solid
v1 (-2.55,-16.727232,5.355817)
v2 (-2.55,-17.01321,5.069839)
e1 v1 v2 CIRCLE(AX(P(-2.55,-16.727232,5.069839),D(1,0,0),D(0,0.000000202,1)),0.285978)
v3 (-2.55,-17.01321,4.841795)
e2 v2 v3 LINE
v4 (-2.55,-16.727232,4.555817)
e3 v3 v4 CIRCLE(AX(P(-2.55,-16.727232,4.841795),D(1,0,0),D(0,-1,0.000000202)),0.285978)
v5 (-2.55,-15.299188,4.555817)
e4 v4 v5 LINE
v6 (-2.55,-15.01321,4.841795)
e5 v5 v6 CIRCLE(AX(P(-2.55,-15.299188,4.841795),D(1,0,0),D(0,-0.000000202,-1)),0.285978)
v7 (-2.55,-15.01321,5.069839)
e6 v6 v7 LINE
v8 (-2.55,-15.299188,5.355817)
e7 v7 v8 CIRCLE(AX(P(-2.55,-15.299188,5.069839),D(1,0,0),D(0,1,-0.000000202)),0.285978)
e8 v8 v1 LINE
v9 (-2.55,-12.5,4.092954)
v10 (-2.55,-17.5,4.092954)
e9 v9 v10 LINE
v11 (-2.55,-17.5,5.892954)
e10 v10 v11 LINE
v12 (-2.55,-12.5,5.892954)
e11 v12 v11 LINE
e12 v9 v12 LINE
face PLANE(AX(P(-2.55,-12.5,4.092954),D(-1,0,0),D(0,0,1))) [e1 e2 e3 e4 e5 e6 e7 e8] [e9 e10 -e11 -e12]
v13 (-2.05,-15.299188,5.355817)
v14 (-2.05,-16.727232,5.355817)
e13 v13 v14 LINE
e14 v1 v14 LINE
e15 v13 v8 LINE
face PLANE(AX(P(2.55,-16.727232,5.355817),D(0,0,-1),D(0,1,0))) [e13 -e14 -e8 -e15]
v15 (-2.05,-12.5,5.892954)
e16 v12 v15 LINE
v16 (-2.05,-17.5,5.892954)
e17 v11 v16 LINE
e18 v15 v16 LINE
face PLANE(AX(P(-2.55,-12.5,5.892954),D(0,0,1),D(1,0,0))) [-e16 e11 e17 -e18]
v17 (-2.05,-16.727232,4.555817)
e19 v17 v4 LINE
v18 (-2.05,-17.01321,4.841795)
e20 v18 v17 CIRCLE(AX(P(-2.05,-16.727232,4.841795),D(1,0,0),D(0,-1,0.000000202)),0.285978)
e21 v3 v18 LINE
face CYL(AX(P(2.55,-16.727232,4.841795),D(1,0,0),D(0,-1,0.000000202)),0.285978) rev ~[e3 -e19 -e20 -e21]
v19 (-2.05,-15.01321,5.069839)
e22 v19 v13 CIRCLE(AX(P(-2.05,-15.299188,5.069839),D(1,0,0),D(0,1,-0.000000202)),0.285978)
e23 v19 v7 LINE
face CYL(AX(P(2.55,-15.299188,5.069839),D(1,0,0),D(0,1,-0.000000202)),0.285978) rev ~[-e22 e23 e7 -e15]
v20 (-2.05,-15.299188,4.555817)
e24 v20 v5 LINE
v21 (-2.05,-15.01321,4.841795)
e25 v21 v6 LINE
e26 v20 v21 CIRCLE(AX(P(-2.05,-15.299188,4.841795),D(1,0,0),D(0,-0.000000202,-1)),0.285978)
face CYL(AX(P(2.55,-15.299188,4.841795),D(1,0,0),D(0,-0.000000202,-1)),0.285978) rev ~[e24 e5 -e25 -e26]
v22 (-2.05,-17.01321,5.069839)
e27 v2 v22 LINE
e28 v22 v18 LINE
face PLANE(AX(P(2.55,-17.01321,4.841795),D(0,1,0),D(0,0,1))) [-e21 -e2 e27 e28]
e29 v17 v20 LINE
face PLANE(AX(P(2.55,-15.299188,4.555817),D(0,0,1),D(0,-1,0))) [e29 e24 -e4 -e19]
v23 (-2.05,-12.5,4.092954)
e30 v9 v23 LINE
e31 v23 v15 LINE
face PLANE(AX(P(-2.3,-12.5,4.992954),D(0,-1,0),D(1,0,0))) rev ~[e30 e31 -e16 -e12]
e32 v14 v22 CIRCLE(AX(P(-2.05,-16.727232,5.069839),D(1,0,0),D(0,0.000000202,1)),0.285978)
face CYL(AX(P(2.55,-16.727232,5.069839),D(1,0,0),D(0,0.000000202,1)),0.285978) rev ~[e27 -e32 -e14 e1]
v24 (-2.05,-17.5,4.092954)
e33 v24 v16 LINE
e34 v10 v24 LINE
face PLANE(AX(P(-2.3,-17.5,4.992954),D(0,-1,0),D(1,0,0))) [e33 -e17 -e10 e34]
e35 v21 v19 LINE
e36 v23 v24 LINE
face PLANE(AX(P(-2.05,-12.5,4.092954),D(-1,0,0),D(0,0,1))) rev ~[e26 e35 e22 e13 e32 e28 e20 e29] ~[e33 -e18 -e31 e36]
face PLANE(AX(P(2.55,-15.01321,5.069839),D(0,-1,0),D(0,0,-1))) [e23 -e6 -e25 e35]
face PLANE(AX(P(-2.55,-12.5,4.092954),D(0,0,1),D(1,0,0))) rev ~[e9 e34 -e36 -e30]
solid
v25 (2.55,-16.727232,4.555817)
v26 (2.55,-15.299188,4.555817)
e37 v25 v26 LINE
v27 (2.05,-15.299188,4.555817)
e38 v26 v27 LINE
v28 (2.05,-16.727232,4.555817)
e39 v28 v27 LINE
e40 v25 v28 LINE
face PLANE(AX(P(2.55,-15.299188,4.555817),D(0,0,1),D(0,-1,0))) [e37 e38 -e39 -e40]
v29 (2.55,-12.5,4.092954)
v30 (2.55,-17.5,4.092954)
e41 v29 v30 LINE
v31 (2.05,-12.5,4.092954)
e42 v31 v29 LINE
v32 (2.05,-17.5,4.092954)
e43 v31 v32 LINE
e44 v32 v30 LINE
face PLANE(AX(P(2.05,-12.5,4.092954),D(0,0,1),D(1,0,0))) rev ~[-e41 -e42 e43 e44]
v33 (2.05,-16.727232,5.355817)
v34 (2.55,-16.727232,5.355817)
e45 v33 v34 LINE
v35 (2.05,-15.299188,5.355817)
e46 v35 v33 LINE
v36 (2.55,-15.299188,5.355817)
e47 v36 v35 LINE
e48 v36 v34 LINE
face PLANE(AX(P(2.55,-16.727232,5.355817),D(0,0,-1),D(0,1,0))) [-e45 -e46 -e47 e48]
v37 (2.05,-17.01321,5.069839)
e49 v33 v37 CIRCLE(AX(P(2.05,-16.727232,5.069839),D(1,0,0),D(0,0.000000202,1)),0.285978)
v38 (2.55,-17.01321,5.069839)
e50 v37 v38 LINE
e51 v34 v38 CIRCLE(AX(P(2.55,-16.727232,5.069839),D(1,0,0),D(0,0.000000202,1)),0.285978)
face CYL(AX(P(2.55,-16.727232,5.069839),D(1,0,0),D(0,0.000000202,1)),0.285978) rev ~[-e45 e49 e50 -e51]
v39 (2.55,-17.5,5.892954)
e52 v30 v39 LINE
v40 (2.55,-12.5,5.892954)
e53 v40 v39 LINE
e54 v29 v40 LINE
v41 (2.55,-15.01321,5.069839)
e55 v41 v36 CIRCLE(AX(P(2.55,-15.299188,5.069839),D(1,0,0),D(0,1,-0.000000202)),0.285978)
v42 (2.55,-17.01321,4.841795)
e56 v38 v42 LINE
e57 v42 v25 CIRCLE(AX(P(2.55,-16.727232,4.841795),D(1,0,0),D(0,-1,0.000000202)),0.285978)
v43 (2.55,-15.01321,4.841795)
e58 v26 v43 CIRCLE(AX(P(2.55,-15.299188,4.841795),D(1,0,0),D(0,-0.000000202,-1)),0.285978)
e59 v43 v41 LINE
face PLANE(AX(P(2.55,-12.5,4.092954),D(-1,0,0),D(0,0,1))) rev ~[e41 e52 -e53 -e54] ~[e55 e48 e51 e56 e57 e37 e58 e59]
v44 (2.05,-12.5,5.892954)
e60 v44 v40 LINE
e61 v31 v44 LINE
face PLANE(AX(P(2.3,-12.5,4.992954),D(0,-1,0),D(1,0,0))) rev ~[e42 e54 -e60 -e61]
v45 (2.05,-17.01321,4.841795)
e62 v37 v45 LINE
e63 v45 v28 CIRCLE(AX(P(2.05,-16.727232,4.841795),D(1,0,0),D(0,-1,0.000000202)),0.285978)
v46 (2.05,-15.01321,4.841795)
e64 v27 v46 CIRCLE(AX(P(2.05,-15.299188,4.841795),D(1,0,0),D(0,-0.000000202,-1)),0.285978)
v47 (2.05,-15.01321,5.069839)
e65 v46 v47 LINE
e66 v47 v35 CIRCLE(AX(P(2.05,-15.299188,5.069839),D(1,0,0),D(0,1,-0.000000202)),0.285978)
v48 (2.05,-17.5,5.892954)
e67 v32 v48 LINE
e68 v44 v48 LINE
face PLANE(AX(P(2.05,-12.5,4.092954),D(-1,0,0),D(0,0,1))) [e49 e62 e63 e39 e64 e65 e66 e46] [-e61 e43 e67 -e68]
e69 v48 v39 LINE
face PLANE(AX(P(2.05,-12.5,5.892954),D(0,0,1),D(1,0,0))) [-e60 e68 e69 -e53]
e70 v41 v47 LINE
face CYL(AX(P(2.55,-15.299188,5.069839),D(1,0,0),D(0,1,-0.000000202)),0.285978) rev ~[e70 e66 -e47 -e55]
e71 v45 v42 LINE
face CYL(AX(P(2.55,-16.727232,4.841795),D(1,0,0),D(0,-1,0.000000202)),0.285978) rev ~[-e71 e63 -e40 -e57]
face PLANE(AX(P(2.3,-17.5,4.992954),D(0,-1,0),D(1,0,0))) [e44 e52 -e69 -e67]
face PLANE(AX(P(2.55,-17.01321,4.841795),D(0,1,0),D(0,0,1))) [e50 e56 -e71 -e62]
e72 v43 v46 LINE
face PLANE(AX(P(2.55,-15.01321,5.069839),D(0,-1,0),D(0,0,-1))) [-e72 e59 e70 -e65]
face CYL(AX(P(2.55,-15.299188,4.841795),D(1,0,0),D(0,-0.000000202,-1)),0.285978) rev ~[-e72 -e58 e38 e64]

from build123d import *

# Parameters (mm, degrees)
EXTRUDE007_DEPTH = 10
SKETCH009_W      = 0.5
SKETCH009_H      = 1.8
EXTRUDE006_DEPTH = 5


with BuildPart() as extrude007:
    # Sketch010 (on Face1 of Extrude006) → Extrude007 (new body, symmetric)
    with BuildSketch(Plane.YZ.offset(2.55)):
        with BuildLine():
            Line((-16.727232, 5.355817), (-15.299188, 5.355817))
            ThreePointArc((-15.01321, 5.069839), (-15.096971, 5.272056), (-15.299188, 5.355817))
            Line((-15.01321, 5.069839), (-15.01321, 4.841795))
            ThreePointArc((-15.299188, 4.555817), (-15.096971, 4.639578), (-15.01321, 4.841795))
            Line((-15.299188, 4.555817), (-16.727232, 4.555817))
            ThreePointArc((-17.01321, 4.841795), (-16.929449, 4.639578), (-16.727232, 4.555817))
            Line((-17.01321, 4.841795), (-17.01321, 5.069839))
            ThreePointArc((-16.727232, 5.355817), (-16.929449, 5.272056), (-17.01321, 5.069839))
        make_face()
    extrude(amount=EXTRUDE007_DEPTH, both=True)


with BuildPart() as cut002:
    # Sketch009 (on Face3 of Extrude005) → Extrude006 (new body)
    with BuildSketch(Plane.XZ.offset(12.5)):
        with Locations((-2.3, 4.992954)):
            Rectangle(SKETCH009_W, SKETCH009_H)
        with Locations((2.3, 4.992954)):
            Rectangle(SKETCH009_W, SKETCH009_H)
    extrude(amount=EXTRUDE006_DEPTH)

    # Cut002: cut Extrude007
    add(extrude007.part, mode=Mode.SUBTRACT)


solid = cut002.part
